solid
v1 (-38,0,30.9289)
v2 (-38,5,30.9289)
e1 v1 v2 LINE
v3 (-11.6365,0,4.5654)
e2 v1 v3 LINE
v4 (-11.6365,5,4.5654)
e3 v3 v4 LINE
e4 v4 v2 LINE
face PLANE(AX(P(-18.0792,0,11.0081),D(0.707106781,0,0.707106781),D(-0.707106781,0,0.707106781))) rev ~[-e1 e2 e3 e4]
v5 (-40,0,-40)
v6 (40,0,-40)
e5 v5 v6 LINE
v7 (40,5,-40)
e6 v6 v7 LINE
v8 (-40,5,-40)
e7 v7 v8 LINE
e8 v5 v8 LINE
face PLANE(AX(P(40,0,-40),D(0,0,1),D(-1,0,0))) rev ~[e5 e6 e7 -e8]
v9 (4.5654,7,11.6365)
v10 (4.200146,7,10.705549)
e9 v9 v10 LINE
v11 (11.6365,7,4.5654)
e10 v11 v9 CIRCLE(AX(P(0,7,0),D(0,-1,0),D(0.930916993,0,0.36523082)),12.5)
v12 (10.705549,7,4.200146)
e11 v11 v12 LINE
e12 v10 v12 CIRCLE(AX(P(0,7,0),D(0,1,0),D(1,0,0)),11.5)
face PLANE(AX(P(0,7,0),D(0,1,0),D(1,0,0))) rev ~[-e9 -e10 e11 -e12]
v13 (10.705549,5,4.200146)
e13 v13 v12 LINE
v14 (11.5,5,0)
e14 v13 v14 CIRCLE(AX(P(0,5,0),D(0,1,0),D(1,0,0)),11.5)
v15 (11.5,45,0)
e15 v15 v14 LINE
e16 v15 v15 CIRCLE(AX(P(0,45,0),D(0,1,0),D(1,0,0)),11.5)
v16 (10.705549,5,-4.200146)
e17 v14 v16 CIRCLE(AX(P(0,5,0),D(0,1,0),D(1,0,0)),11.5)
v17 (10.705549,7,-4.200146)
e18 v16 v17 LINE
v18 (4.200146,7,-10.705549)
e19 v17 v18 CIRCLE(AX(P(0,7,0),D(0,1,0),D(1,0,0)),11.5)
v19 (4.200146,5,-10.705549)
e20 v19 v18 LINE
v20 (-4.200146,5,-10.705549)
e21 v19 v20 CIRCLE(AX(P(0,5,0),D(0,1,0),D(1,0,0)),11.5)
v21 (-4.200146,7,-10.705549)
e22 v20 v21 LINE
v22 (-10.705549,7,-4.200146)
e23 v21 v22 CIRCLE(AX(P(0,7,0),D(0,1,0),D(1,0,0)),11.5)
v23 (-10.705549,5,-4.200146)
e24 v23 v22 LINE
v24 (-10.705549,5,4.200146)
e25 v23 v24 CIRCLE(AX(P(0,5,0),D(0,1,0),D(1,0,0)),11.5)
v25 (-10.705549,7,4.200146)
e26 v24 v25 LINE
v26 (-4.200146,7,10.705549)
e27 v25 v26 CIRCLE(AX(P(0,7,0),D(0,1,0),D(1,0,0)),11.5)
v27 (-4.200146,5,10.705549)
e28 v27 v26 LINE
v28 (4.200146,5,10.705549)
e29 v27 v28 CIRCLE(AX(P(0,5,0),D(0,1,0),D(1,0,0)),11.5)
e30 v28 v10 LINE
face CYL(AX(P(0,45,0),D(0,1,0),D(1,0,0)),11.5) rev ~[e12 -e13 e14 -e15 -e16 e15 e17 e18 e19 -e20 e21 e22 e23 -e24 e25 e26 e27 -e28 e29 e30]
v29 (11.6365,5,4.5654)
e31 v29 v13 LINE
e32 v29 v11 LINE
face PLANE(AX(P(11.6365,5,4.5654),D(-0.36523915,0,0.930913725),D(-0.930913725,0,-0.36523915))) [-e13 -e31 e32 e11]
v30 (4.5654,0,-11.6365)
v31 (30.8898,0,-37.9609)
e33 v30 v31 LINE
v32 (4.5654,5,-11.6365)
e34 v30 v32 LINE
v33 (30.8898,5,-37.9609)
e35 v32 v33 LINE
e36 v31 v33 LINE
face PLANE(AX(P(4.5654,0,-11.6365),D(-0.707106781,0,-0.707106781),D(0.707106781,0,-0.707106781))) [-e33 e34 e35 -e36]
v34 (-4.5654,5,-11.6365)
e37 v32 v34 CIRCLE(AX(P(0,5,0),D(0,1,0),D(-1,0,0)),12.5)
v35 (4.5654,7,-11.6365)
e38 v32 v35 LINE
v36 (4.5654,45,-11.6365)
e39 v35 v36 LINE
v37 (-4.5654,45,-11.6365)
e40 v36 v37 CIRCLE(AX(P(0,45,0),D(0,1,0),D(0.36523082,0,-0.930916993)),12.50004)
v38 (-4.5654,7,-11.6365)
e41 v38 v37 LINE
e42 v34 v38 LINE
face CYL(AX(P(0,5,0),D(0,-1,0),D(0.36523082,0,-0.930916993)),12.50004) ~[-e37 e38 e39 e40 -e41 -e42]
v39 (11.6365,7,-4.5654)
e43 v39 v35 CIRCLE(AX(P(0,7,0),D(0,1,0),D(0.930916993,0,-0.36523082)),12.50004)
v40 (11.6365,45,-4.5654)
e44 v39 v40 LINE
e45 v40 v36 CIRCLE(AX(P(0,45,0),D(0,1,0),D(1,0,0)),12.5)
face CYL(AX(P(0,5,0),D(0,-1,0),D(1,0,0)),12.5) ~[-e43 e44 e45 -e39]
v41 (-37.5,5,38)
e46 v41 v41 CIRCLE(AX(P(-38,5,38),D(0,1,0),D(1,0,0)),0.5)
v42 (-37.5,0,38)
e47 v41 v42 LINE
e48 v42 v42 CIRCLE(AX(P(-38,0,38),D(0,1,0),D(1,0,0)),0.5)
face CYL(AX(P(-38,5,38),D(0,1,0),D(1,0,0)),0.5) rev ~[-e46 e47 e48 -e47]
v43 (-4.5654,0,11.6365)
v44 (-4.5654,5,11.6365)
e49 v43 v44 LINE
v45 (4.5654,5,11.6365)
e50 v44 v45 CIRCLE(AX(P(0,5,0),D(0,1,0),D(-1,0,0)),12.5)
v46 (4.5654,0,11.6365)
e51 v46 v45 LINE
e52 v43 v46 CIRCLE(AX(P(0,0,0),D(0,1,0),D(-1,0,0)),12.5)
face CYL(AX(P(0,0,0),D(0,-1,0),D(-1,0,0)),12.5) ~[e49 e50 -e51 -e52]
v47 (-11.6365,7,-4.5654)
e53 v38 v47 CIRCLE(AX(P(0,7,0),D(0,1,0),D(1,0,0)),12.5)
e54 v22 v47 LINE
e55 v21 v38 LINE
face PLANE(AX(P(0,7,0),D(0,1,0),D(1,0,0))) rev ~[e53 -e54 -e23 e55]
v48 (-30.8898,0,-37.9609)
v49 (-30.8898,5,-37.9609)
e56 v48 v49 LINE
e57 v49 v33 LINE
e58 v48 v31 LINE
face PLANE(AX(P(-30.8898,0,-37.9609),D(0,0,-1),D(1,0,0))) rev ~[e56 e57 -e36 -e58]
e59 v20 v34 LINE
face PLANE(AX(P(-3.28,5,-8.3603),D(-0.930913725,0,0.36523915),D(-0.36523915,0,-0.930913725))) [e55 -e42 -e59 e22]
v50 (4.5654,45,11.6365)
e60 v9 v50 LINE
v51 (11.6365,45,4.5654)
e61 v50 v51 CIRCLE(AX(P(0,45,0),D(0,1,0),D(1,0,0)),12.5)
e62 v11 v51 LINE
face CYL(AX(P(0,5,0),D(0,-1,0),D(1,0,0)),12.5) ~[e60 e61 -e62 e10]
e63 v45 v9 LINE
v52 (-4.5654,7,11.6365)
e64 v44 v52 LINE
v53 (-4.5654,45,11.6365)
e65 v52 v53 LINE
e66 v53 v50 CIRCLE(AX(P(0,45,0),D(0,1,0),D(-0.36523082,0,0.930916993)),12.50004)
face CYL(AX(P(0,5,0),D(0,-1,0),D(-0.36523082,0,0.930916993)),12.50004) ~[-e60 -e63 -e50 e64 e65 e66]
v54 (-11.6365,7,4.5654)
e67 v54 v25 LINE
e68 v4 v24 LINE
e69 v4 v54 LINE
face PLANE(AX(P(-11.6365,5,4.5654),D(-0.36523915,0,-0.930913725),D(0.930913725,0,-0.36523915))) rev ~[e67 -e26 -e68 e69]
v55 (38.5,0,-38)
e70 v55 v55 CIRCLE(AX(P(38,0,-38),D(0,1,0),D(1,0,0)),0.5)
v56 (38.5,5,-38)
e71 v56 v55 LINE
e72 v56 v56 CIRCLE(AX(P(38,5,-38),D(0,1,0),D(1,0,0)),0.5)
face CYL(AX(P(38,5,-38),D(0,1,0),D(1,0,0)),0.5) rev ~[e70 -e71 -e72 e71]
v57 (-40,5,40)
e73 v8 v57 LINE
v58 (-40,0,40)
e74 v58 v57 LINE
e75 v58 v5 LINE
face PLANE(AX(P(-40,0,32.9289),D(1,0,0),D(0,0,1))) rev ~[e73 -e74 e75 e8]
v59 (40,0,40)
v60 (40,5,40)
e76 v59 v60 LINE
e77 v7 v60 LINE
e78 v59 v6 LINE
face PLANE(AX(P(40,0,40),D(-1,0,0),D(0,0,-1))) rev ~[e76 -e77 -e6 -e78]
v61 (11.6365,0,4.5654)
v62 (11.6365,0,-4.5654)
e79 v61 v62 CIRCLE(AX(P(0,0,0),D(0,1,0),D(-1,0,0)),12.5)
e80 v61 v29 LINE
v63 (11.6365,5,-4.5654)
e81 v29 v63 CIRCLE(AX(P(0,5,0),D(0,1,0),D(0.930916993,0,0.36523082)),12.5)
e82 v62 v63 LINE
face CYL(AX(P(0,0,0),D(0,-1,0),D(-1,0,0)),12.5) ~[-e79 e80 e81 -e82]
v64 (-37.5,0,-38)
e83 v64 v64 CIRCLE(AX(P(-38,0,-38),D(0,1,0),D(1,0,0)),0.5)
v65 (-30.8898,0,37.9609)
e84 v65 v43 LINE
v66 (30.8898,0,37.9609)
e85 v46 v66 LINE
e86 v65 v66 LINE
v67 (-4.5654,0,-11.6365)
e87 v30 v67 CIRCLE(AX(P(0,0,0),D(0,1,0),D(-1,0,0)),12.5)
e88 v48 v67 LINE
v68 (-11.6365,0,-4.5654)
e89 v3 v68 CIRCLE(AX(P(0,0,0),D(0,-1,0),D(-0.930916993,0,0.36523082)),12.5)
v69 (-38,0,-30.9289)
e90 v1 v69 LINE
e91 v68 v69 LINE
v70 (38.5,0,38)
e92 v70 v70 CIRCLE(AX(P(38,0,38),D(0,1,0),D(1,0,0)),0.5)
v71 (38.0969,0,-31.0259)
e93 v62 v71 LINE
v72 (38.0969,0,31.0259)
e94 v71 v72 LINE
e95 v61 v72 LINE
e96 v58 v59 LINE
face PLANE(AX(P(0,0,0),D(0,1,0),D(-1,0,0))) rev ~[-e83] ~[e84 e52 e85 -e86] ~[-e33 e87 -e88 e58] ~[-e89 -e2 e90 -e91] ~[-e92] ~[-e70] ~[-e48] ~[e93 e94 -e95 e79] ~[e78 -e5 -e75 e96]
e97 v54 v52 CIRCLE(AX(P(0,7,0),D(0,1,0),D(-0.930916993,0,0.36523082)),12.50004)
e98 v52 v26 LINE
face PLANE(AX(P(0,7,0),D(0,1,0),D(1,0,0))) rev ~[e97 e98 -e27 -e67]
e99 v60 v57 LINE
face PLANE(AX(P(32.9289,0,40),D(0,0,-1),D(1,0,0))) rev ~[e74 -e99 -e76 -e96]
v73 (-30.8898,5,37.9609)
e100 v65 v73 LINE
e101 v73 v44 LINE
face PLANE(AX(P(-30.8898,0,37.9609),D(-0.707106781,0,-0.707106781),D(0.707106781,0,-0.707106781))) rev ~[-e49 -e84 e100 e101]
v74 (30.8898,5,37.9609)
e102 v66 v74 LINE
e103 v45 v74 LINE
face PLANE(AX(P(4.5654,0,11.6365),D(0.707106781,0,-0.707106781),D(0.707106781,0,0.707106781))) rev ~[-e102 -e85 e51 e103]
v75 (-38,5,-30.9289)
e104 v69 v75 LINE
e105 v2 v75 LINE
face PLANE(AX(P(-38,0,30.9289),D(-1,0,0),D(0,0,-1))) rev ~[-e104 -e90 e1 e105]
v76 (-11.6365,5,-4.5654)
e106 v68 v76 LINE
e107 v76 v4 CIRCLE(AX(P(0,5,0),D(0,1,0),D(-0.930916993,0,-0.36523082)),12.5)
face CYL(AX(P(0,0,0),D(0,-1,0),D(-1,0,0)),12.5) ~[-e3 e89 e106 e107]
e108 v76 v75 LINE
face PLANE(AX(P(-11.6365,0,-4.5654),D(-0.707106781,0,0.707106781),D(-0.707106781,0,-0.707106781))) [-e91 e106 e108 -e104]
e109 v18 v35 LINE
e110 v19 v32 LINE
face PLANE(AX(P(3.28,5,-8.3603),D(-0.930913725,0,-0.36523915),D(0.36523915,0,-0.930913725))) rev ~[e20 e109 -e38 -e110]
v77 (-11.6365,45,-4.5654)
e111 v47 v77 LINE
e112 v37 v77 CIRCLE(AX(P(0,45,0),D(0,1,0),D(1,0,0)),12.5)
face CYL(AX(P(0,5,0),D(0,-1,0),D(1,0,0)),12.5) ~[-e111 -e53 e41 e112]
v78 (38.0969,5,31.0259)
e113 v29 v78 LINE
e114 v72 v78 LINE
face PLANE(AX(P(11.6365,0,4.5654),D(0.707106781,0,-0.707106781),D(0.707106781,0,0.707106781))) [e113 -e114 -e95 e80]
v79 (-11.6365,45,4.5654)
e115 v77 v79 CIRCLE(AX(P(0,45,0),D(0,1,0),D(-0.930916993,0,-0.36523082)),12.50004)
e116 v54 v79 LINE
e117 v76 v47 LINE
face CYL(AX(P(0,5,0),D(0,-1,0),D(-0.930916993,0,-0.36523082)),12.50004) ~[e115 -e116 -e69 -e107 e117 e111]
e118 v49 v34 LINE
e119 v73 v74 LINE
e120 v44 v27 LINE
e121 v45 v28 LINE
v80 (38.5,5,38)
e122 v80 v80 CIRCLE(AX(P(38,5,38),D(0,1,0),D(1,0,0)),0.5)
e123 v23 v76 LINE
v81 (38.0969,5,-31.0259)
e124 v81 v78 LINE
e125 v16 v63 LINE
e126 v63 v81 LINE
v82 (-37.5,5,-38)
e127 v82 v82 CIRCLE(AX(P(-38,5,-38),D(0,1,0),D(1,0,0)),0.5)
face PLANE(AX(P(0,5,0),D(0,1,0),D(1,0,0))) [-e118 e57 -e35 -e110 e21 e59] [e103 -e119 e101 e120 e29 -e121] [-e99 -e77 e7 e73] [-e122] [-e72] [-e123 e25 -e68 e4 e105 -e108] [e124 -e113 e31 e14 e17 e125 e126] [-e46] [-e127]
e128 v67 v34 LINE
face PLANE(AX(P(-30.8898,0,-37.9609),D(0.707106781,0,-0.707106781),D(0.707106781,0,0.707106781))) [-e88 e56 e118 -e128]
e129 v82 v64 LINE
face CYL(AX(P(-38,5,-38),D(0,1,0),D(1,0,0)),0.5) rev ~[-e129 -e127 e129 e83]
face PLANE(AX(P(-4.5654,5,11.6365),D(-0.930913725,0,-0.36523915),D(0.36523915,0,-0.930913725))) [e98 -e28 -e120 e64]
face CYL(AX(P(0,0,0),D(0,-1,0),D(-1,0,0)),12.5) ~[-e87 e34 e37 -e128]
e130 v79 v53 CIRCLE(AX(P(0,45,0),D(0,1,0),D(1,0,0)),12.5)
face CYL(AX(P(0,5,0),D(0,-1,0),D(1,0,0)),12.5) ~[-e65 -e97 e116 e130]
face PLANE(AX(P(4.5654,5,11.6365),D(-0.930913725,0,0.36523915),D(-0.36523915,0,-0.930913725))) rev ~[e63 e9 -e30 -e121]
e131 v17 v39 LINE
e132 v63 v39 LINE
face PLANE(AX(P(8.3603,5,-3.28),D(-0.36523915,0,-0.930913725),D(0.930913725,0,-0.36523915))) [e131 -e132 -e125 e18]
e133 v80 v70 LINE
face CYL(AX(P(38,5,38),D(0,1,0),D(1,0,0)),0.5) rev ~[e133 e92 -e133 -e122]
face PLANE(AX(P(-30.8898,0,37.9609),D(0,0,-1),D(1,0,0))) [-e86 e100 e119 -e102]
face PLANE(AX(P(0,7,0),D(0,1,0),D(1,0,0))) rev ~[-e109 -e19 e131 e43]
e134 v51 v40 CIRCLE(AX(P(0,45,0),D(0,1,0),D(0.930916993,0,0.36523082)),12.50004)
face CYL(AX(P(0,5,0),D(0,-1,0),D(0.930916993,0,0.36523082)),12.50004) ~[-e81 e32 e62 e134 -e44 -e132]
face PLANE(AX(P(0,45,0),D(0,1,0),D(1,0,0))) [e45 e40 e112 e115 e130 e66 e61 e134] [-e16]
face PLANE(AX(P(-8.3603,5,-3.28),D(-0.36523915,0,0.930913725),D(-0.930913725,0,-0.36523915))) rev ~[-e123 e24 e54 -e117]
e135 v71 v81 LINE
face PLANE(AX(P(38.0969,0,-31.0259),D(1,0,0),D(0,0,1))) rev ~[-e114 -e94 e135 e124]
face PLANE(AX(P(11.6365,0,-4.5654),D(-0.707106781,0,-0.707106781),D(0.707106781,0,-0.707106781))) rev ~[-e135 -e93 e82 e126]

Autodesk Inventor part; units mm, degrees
ref_plane "YZ Plane" through (0, 0, 0) normal (1, 0, 0) x (0, 1, 0)
ref_plane "XZ Plane" through (0, 0, 0) normal (0, 1, 0) x (-1, 0, 0)
ref_plane "XY Plane" through (0, 0, 0) normal (0, 0, 1) x (1, 0, 0)
sketch "Sketch1" plane through (0, 0, 0) normal (0, 1, 0) x (-1, 0, 0)
  line L0 (-40, 40) -> (-40, -40)
  line L1 (-40, -40) -> (40, -40)
  line L2 (40, -40) -> (40, 40)
  line L3 (40, 40) -> (-40, 40)
  line L4 (18.0792, 11.0081) -> (40, 32.9289)
  line L5 (11.6365, -4.5654) -> (40, -32.9289)
  line L6 (32.9289, -40) -> (4.5654, -11.6365)
  line L7 (-4.5654, 11.6365) -> (-32.9289, 40)
  line L8 (-11.6365, 4.5654) -> (-40, 32.9289)
  line L9 (32.9289, 40) -> (4.5654, 11.6365)
  line L10 (-11.6365, -4.5654) -> (-40, -32.9289)
  line L11 (-3.5355, 3.5355) -> (0, 0) construction
  line L12 (18.0792, 11.0081) -> (11.6365, 4.5654)
  line L13 (-4.5654, -11.6365) -> (-32.9289, -40)
  line L14 (30.8898, 37.9609) -> (-30.8898, 37.9609)
  line L15 (38, 30.9289) -> (38, -30.9289)
  line L16 (30.8898, -37.9609) -> (-30.8898, -37.9609)
  line L17 (-38.0969, -31.0259) -> (-38.0969, 31.0259)
  circle A0 centre (0, 0) radius 12.5
  point P0 (0, 0)
  dimension "d8" = 25
  dimension "d0" = 80
  dimension "d1" = 80
  dimension "d3" = 10
  dimension "d4" = 10
  dimension "d5" = 10
  dimension "d6" = 10
  dimension "d7" = 2
  dimension "d9" = 7.0711
  dimension "d10" = 7.0711
  dimension "d11" = 7.0711
  dimension "d12" = 7.0711
  dimension "d13" = 7.0711
  dimension "d14" = 7.0711
  dimension "d15" = 7.0711
extrude "Extrusion1" add sketch "Sketch1" along normal blind 5 contours L3 L7 A0 L8 L0 | L8 L17 L10 L0 | L3 L9 L14 L7 | L10 A0 L13 L1 L0 | L3 L2 L4 L12 A0 L9 | A0 | L13 L16 L6 L1 | L2 L5 L15 L4 | L6 A0 L5 L2 L1
sketch "Sketch2" plane through (0, 5, 0) normal (0, 1, 0) x (1, 0, 0)
  line L0 (-11.6365, -4.5654) -> (-38, -30.9289) projected
  line L1 (-38, -30.9289) -> (-38, 30.9289) projected
  line L2 (-38, 30.9289) -> (-11.6365, 4.5654) projected
  arc A0 (-11.6365, 4.5654) -> (-11.6365, -4.5654) centre (0, 0) ccw projected
  line L3 (-4.5654, 11.6365) -> (-30.8898, 37.9609) projected
  line L4 (-30.8898, 37.9609) -> (30.8898, 37.9609) projected
  line L5 (30.8898, 37.9609) -> (4.5654, 11.6365) projected
  arc A1 (4.5654, 11.6365) -> (-4.5654, 11.6365) centre (0, 0) ccw projected
  line L6 (11.6365, 4.5654) -> (38.0969, 31.0259) projected
  line L7 (38.0969, 31.0259) -> (38.0969, -31.0259) projected
  line L8 (38.0969, -31.0259) -> (11.6365, -4.5654) projected
  arc A2 (11.6365, -4.5654) -> (11.6365, 4.5654) centre (0, 0) ccw projected
  arc A3 (-4.5654, -11.6365) -> (4.5654, -11.6365) centre (0, 0) ccw projected
  line L9 (4.5654, -11.6365) -> (30.8898, -37.9609) projected
  line L10 (30.8898, -37.9609) -> (-30.8898, -37.9609) projected
  line L11 (-30.8898, -37.9609) -> (-4.5654, -11.6365) projected
  line L12 (-40, 40) -> (-40, -40) projected
  line L13 (-40, -40) -> (40, -40) projected
  line L14 (40, -40) -> (40, 40) projected
  line L15 (40, 40) -> (-40, 40) projected
  circle A4 centre (0, 0) radius 12.5
  point P0 (0, 0)
extrude "Extrusion2" add sketch "Sketch2" along normal blind 40 contours A0 A4 A1 A2 A3
sketch "Sketch3" plane through (0, 45, 0) normal (0, 1, 0) x (1, 0, 0)
  circle A0 centre (0, 0) radius 11.5
  circle A1 centre (0, 0) radius 12.5 projected
  dimension "d20" = 1
sketch "Sketch4" plane through (0, 5, 0) normal (0, 1, 0) x (1, 0, 0)
  line L0 (-40, 40) -> (-40, -40) projected
  line L1 (-40, -40) -> (40, -40) projected
  line L2 (40, -40) -> (40, 40) projected
  line L3 (40, 40) -> (-40, 40) projected
  arc A0 (-4.5654, 11.6365) -> (-11.6365, 4.5654) centre (0, 0) ccw projected
  line L4 (-4.5654, 11.6365) -> (-30.8898, 37.9609) projected
  line L5 (-30.8898, 37.9609) -> (30.8898, 37.9609) projected
  line L6 (30.8898, 37.9609) -> (4.5654, 11.6365) projected
  arc A1 (11.6365, 4.5654) -> (4.5654, 11.6365) centre (0, 0) ccw projected
  line L7 (11.6365, 4.5654) -> (38.0969, 31.0259) projected
  line L8 (38.0969, 31.0259) -> (38.0969, -31.0259) projected
  line L9 (38.0969, -31.0259) -> (11.6365, -4.5654) projected
  arc A2 (4.5654, -11.6365) -> (11.6365, -4.5654) centre (0, 0) ccw projected
  line L10 (4.5654, -11.6365) -> (30.8898, -37.9609) projected
  line L11 (30.8898, -37.9609) -> (-30.8898, -37.9609) projected
  line L12 (-30.8898, -37.9609) -> (-4.5654, -11.6365) projected
  arc A3 (-11.6365, -4.5654) -> (-4.5654, -11.6365) centre (0, 0) ccw projected
  line L13 (-11.6365, -4.5654) -> (-38, -30.9289) projected
  line L14 (-38, -30.9289) -> (-38, 30.9289) projected
  line L15 (-38, 30.9289) -> (-11.6365, 4.5654) projected
  line L16 (40, -40) -> (40, 40) construction
  line L17 (-40, 40) -> (40, -40) construction
  line L18 (40, -40) -> (-40, -40) construction
  line L19 (-40, -40) -> (40, 40) construction
  circle A4 centre (-38, 38) radius 1 construction
  circle A5 centre (-38, 38) radius 0.5
  line L20 (0, 42.5654) -> (0, -45.1181) construction
  line L21 (45.7517, 0) -> (-46.765, 0) construction
  circle A6 centre (38, 38) radius 0.5
  circle A7 centre (38, -38) radius 0.5
  circle A8 centre (-38, -38) radius 0.5
  point P0 (0, 0)
  dimension "d21" = 2
  dimension "d22" = 1
extrude "Extrusion3" cut sketch "Sketch4" against normal blind 40 contours A5 | A6 | A7 | A8
sketch "Sketch5" plane through (0, 0, 0) normal (1, 0, 0) x (0, 1, 0)
  line L0 (0, -12.5) -> (45, -12.5) projected
  line L1 (5, -37.9609) -> (5, -11.6365) projected
  line L2 (0, -37.9609) -> (0, -11.6365) projected
  line L3 (0, -11.6365) -> (5, -11.6365) projected
  line L4 (0, -31.0259) -> (5, -31.0259) projected
  line L5 (5, -4.5654) -> (5, -31.0259) projected
  line L6 (0, -4.5654) -> (5, -4.5654) projected
  line L7 (0, -4.5654) -> (0, -31.0259) projected
  line L8 (0, 31.0259) -> (5, 31.0259) projected
  line L9 (0, 31.0259) -> (0, 4.5654) projected
  line L10 (0, 4.5654) -> (5, 4.5654) projected
  line L11 (5, 31.0259) -> (5, 4.5654) projected
  line L12 (5, 11.6365) -> (5, 4.5654) projected
  line L13 (0, 12.5) -> (45, 12.5) projected
  line L14 (5, -31.0259) -> (5, 31.0259) projected
  line L15 (5, 40) -> (5, -40) construction
  line L16 (5, -12.5) -> (7, -12.5) construction
  line L17 (7, -12.5) -> (7, 12.5) construction
  line L18 (7, -10.5) -> (5, -10.5)
  line L19 (7, 10.5) -> (5, 10.5)
  line L20 (7, -10.5) -> (7, 10.5)
  line L21 (5, -10.5) -> (5, 10.5)
  line L22 (7, 0) -> (5, 0)
  line L23 (-9, 0) -> (54, 0) projected
  point P0 (0, 0)
  dimension "d25" = 2
  dimension "d26" = 2
  dimension "d27" = 2
revolve "Revolution1" cut sketch "Sketch5" angle 360 about axis through (0, -10, 0) along (0, 1, 0) contours L5 L14 L22 L20 L18
sketch "Sketch6" plane through (0, 5, 0) normal (0, 1, 0) x (1, 0, 0)
  circle A0 centre (0, 0) radius 12.5
  circle A1 centre (0, 0) radius 10.0217
  line L0 (11.6365, -4.5654) -> (0, 0)
  line L1 (0, 0) -> (4.6076, -11.6198)
  arc A2 (-4.5654, -11.6365) -> (4.5654, -11.6365) centre (0, 0) ccw projected
  line L2 (0, 0) -> (-4.5654, -11.6365)
  line L3 (-11.6365, -4.5654) -> (-38, -30.9289) projected
  line L4 (0, 0) -> (-11.6365, -4.5654)
  arc A3 (11.6365, -4.5654) -> (11.6365, 4.5654) centre (0, 0) ccw projected
  line L5 (0, 0) -> (11.6365, 4.5654)
  line L6 (11.6365, 4.5654) -> (0, 0)
  line L7 (0, 0) -> (4.5654, 11.6365)
  line L8 (0, 0) -> (-4.5654, 11.6365)
  line L9 (0, 0) -> (-11.6365, 4.5654)
extrude "Extrusion4" cut sketch "Sketch6" along normal blind 2 contours A0 L1 A1 L0 | A1 L1 L0 | L8 A1 L9 A0 | L9 A1 L8
sketch "Sketch7" plane through (0, 5, 0) normal (0, 1, 0) x (1, 0, 0)
  arc A0 (11.6365, -4.5654) -> (11.6365, 4.5654) centre (0, 0) ccw projected
  arc A1 (4.5654, -11.6365) -> (11.6365, -4.5654) centre (0, 0) ccw
  arc A2 (-11.6365, -4.5654) -> (-4.5654, -11.6365) centre (0, 0) ccw
  arc A3 (11.6365, 4.5654) -> (4.5654, 11.6365) centre (0, 0) ccw
  arc A4 (-4.5654, 11.6365) -> (-11.6365, 4.5654) centre (0, 0) ccw
  line L0 (11.6365, -4.5654) -> (8.3603, -3.28)
  line L1 (-8.3603, 3.28) -> (-11.6365, 4.5654)
  line L2 (4.5654, -11.6365) -> (3.28, -8.3603)
  line L3 (-3.28, 8.3603) -> (-4.5654, 11.6365)
  line L4 (-4.5654, -11.6365) -> (-3.28, -8.3603)
  line L5 (3.28, 8.3603) -> (4.5654, 11.6365)
  line L6 (-11.6365, -4.5654) -> (-8.3603, -3.28)
  line L7 (8.3603, 3.28) -> (11.6365, 4.5654)
  arc A5 (3.28, -8.3603) -> (8.3603, -3.28) centre (0, 0) ccw
  arc A6 (-8.3603, -3.28) -> (-3.28, -8.3603) centre (0, 0) ccw
  arc A7 (8.3603, 3.28) -> (3.28, 8.3603) centre (0, 0) ccw
  arc A8 (-3.28, 8.3603) -> (-8.3603, 3.28) centre (0, 0) ccw
  dimension "d31" = 8.9807
  dimension "d32" = 3.2761
  dimension "d33" = 3.2761
  dimension "d34" = 3.2761
extrude "Extrusion5" cut sketch "Sketch7" along normal blind 2
extrude "Extrusion6" cut sketch "Sketch3" against normal blind 40 contours A0
sketch "Sketch8" plane through (0, 45, 0) normal (0, 1, 0) x (1, 0, 0)
  point P0 (0, 0)
properties part number "Motor housing for Lifting Platform"
